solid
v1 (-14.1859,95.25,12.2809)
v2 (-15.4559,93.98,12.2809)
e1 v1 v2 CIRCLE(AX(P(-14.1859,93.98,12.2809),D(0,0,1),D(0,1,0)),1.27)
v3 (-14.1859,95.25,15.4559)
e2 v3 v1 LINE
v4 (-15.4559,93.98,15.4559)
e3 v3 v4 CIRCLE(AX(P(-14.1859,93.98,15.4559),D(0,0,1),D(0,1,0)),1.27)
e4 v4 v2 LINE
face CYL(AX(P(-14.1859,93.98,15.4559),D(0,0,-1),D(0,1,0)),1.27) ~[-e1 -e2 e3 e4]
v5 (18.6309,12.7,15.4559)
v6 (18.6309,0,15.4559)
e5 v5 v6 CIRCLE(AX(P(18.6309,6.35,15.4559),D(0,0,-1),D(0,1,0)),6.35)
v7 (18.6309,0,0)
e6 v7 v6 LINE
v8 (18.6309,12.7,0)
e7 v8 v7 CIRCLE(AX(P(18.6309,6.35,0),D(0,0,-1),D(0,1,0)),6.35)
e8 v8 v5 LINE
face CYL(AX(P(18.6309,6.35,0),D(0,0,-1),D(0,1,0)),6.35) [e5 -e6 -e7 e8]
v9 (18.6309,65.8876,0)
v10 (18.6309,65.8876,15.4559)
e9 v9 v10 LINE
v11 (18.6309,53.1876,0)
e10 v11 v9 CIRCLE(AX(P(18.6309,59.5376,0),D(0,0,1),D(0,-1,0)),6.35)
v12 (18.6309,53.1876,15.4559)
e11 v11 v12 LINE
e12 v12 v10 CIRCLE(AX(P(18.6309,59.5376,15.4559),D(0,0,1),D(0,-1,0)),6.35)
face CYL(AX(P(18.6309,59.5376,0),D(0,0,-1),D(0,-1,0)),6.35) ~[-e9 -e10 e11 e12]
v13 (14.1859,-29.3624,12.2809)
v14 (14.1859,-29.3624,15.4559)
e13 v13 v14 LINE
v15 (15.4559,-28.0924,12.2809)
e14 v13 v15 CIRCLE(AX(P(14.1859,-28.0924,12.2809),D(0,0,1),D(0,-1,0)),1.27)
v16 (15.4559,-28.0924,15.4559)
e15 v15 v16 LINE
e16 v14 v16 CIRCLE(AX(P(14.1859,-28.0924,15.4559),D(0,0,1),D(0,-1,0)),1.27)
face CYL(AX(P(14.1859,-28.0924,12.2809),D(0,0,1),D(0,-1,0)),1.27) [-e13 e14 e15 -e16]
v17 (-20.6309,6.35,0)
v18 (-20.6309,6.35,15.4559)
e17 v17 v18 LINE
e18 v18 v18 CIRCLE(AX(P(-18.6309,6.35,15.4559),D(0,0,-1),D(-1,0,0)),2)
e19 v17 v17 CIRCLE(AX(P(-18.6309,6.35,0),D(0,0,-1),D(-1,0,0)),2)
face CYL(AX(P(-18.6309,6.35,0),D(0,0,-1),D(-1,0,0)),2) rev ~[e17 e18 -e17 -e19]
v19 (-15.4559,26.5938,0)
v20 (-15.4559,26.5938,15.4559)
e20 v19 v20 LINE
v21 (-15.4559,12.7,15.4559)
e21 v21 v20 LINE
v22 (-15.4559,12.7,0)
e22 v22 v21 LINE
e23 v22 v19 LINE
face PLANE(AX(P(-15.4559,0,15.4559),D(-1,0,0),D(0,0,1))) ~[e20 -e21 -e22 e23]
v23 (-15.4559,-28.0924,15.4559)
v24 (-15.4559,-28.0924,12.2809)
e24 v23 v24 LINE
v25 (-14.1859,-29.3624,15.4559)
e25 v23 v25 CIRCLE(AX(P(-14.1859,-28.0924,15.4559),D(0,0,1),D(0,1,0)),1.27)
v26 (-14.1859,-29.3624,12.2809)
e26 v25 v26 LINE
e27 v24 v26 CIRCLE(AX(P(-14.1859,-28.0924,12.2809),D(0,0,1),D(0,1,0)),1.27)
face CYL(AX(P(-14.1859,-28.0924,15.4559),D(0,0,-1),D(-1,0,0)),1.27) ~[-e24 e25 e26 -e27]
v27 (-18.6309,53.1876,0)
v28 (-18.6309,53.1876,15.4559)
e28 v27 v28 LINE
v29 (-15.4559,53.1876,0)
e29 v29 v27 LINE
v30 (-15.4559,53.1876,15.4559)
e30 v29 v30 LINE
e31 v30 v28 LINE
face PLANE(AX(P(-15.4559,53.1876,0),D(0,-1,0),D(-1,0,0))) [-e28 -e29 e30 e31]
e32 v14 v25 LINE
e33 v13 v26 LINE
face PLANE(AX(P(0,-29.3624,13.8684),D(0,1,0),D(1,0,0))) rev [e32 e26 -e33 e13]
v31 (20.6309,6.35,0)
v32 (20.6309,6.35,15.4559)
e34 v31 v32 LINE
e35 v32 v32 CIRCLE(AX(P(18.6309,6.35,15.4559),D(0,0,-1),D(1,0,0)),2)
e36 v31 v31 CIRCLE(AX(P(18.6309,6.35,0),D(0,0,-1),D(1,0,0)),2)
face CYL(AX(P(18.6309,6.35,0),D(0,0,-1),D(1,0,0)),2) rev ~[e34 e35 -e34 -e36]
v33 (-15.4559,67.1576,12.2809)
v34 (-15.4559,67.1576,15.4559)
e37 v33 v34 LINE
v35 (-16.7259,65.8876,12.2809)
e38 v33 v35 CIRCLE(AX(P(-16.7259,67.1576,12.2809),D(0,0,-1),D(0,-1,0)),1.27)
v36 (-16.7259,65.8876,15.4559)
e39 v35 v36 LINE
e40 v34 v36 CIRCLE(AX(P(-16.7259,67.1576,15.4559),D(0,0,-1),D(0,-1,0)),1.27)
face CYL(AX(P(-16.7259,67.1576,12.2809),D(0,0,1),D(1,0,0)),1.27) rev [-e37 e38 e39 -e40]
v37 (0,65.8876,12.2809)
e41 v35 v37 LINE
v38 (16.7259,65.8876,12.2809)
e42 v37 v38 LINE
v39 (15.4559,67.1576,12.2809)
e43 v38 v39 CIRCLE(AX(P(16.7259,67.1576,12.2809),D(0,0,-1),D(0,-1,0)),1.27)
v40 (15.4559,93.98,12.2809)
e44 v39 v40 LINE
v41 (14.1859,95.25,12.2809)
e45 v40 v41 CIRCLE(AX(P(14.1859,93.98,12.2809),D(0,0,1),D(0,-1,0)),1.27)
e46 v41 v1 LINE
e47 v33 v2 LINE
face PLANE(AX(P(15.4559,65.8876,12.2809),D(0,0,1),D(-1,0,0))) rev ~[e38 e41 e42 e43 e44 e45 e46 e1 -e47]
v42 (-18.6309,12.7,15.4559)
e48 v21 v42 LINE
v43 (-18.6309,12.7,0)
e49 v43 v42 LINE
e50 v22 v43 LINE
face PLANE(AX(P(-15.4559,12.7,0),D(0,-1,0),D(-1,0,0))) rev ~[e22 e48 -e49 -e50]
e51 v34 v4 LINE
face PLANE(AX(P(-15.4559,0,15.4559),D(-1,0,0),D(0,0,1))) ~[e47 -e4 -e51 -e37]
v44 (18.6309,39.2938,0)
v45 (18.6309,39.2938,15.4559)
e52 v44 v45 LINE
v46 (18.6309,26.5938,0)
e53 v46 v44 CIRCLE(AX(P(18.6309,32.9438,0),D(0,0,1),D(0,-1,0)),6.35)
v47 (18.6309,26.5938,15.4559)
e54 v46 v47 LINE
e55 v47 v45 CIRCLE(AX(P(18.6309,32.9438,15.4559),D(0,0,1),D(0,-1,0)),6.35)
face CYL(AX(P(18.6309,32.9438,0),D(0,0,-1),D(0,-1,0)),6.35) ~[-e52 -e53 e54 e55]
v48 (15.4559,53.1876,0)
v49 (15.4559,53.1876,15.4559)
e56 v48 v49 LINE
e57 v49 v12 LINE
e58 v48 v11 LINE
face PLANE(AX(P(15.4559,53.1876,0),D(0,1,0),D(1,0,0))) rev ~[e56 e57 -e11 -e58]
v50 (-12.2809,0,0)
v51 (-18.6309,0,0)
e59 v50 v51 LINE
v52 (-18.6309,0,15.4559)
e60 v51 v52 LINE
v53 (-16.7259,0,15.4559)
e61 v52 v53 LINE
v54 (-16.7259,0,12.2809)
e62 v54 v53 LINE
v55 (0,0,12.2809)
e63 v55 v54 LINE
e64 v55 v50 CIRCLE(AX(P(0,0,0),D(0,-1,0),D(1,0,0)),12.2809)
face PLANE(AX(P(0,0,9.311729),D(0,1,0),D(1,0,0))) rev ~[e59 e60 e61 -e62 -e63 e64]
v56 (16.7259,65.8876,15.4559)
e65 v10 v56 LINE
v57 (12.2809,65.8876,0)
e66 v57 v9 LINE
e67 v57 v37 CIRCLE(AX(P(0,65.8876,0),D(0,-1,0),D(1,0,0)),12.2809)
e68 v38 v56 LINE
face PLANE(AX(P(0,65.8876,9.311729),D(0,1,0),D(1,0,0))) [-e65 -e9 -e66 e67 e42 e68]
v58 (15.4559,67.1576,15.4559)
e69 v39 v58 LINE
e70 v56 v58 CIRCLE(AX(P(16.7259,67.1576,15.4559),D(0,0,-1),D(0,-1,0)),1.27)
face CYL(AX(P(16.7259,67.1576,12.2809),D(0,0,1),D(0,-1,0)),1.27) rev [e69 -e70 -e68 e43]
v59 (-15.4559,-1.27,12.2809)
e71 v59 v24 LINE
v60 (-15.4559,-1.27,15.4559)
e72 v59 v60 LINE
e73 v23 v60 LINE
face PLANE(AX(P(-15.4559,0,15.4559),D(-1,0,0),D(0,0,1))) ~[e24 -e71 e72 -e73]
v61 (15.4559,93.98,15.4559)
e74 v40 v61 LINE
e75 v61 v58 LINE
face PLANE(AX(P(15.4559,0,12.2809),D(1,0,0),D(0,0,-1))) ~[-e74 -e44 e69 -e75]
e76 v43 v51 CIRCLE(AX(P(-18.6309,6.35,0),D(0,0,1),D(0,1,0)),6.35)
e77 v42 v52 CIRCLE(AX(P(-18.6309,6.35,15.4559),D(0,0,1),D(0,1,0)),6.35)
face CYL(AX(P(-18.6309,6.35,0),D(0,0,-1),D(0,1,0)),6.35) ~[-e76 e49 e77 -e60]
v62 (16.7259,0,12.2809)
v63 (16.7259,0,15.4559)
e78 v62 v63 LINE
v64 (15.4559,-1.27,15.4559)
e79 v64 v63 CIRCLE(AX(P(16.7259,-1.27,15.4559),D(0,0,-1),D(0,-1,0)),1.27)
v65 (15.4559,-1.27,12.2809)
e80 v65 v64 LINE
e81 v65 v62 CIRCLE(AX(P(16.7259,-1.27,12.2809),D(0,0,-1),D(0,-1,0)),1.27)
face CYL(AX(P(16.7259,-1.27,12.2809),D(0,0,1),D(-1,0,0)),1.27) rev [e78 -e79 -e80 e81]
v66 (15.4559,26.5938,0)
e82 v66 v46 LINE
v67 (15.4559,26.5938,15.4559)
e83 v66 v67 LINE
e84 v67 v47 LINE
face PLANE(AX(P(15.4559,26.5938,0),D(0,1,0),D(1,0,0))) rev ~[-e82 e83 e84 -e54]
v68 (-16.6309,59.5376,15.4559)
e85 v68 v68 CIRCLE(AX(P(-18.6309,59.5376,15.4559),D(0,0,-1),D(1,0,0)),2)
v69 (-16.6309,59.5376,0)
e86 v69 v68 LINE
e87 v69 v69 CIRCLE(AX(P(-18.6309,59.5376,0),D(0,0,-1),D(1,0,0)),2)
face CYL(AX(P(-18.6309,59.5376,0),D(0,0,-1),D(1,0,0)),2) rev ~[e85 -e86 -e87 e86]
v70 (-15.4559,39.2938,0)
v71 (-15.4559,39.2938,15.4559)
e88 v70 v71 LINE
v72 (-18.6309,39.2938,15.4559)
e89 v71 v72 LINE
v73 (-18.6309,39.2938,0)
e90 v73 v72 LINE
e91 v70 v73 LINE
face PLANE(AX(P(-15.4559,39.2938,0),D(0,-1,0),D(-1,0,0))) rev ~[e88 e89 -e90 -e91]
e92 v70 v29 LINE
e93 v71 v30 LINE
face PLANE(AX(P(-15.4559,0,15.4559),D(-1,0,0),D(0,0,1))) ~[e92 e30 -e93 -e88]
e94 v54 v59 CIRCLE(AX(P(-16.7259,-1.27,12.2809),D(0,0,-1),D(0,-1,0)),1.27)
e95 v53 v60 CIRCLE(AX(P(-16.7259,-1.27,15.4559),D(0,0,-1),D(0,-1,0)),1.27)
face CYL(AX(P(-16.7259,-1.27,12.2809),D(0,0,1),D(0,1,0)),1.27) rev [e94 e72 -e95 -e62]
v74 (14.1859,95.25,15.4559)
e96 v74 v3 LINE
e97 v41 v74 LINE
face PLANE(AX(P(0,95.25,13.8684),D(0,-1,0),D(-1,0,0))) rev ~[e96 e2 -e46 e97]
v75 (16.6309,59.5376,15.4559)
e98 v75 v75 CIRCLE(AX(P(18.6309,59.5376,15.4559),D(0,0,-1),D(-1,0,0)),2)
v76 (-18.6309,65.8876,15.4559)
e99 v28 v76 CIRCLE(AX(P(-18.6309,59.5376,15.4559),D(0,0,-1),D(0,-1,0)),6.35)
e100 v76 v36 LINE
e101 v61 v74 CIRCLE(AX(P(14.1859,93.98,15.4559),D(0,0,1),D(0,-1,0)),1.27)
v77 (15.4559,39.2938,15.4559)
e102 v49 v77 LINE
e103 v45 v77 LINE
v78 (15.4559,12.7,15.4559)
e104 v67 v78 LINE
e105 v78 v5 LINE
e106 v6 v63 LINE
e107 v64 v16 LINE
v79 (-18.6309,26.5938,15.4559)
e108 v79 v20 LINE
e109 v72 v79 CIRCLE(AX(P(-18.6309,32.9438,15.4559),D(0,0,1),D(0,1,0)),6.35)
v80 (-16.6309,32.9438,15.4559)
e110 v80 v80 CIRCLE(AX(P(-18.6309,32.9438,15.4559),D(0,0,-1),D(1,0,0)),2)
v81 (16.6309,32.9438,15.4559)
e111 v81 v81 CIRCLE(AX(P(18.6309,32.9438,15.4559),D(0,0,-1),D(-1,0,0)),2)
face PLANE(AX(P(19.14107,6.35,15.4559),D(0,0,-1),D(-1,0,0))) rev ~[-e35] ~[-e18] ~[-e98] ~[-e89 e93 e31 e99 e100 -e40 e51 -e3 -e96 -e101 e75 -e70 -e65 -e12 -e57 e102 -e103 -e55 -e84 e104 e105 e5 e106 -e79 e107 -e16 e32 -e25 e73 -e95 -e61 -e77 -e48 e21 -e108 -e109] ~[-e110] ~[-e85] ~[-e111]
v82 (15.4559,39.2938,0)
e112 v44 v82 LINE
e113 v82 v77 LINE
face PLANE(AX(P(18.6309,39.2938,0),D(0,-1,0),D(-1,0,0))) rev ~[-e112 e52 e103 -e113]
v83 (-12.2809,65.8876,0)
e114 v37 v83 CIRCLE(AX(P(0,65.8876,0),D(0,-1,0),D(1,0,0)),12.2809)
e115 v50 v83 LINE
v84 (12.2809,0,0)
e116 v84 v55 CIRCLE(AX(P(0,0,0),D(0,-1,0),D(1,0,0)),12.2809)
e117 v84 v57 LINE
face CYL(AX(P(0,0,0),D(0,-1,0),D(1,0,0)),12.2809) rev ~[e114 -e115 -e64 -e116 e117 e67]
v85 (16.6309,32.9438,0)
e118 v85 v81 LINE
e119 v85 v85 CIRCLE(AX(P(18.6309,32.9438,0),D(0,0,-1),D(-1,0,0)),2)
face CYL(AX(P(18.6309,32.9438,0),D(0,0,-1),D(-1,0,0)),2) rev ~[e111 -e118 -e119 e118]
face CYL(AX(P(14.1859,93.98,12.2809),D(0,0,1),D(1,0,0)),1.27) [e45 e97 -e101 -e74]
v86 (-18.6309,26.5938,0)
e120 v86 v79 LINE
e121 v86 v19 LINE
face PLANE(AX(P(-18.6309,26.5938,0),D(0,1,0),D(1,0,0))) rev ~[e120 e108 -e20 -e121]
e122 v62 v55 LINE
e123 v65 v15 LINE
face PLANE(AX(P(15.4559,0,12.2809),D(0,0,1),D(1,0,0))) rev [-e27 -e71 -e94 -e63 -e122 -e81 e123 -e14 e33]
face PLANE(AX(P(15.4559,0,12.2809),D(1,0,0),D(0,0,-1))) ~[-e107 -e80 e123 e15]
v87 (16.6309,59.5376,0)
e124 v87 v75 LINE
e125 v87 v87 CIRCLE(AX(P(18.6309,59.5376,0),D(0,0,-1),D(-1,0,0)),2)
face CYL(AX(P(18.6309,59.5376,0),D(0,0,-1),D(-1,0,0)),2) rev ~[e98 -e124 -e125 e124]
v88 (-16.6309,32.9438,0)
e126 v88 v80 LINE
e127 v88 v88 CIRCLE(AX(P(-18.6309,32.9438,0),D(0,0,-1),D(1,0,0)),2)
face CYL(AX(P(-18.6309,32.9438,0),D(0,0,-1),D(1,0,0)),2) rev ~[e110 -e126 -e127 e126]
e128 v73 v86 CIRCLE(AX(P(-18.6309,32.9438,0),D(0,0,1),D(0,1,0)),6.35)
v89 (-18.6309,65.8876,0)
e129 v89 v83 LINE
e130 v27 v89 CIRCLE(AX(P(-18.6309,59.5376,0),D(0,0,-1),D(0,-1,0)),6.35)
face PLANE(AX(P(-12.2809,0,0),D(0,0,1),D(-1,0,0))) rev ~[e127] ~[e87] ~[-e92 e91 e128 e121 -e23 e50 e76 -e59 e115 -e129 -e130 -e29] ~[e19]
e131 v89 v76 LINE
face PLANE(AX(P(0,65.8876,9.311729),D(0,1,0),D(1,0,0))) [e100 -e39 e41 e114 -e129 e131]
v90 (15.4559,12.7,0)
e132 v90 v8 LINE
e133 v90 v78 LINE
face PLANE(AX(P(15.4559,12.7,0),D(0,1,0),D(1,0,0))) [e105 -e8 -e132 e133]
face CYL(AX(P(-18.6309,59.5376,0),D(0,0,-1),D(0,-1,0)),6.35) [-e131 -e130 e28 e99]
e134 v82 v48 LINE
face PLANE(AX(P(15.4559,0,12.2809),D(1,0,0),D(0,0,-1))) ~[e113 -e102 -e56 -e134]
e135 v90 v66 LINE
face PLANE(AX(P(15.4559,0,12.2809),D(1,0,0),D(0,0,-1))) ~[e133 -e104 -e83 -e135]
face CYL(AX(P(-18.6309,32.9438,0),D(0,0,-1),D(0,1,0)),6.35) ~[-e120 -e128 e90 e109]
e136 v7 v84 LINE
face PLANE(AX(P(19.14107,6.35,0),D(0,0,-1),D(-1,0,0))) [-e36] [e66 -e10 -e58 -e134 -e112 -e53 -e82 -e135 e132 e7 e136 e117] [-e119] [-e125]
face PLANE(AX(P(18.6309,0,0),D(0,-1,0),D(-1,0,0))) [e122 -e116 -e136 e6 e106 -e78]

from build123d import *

# Parameters (mm, degrees)
BOSS_EXTRUDE1_DEPTH = 65.8876
BOSS_EXTRUDE2_DEPTH = 29.3624
SKETCH4_R           = 2
BOSS_EXTRUDE3_DEPTH = 15.4559
FILLET1_R           = 1.27


with BuildPart() as part:
    # Sketch1 → Boss-Extrude1 (new body)
    with BuildSketch(Plane(origin=(0, 0, 0), x_dir=(1, 0, 0), z_dir=(0, 1, 0))):
        with BuildLine():
            Line((-12.2809, 0), (-15.4559, 0))
            Line((-15.4559, 0), (-15.4559, -15.4559))
            Line((-15.4559, -15.4559), (0, -15.4559))
            Line((0, -15.4559), (15.4559, -15.4559))
            Line((15.4559, -15.4559), (15.4559, 0))
            Line((15.4559, 0), (12.2809, 0))
            ThreePointArc((12.2809, 0), (0, -12.2809), (-12.2809, 0))
        make_face()
    extrude(amount=BOSS_EXTRUDE1_DEPTH)

    # Sketch2 → Boss-Extrude2 (add)
    with BuildSketch(Plane(origin=(0, 65.8876, 0), x_dir=(1, 0, 0), z_dir=(0, 1, 0))):
        Polygon((-12.2809, -12.2809), (0, -12.2809), (12.2809, -12.2809), (15.4559, -12.2809), (15.4559, -15.4559), (-15.4559, -15.4559), (-15.4559, -12.2809), align=None)
    boss_extrude2 = extrude(amount=BOSS_EXTRUDE2_DEPTH)

    # Mirror1: Boss-Extrude2 across plane
    add(boss_extrude2.mirror(Plane.ZX.offset(32.9438)))

    # Sketch4 → Boss-Extrude3 (add, through all)
    # profile 1 of 6: a face of its own
    with BuildSketch(Plane(origin=(0, 0, 0), x_dir=(-1, 0, 0), z_dir=(0, 0, -1))):
        with BuildLine():
            Line((-15.4559, 39.2938), (-15.4559, 26.5938))
            Line((-15.4559, 26.5938), (-18.6309, 26.5938))
            ThreePointArc((-18.6309, 26.5938), (-24.9809, 32.9438), (-18.6309, 39.2938))
            Line((-18.6309, 39.2938), (-15.4559, 39.2938))
        make_face()
        with Locations((-18.6309, 32.9438)):
            Circle(SKETCH4_R, mode=Mode.SUBTRACT)
    # profile 2 of 6: a face of its own
    with BuildSketch(Plane(origin=(0, 0, 0), x_dir=(-1, 0, 0), z_dir=(0, 0, -1))):
        with BuildLine():
            Line((-15.4559, 12.7), (-18.6309, 12.7))
            ThreePointArc((-18.6309, 12.7), (-24.9809, 6.35), (-18.6309, 0))
            Line((-18.6309, 0), (-15.4559, 0))
            Line((-15.4559, 0), (-15.4559, 12.7))
        make_face()
        with Locations(Location((-18.6309, 6.35, 0), (0, 0, 180))):
            Circle(SKETCH4_R, mode=Mode.SUBTRACT)
    # profile 3 of 6: a face of its own
    with BuildSketch(Plane(origin=(0, 0, 0), x_dir=(-1, 0, 0), z_dir=(0, 0, -1))):
        with BuildLine():
            Line((-18.6309, 65.8876), (-15.4559, 65.8876))
            Line((-15.4559, 65.8876), (-15.4559, 53.1876))
            Line((-15.4559, 53.1876), (-18.6309, 53.1876))
            ThreePointArc((-18.6309, 53.1876), (-24.9809, 59.5376), (-18.6309, 65.8876))
        make_face()
        with Locations((-18.6309, 59.5376)):
            Circle(SKETCH4_R, mode=Mode.SUBTRACT)
    # profile 4 of 6: a face of its own
    with BuildSketch(Plane(origin=(0, 0, 0), x_dir=(-1, 0, 0), z_dir=(0, 0, -1))):
        with BuildLine():
            Line((18.6309, 0), (15.4559, 0))
            Line((15.4559, 0), (15.4559, 12.7))
            Line((15.4559, 12.7), (18.6309, 12.7))
            ThreePointArc((18.6309, 12.7), (24.9809, 6.35), (18.6309, 0))
        make_face()
        with Locations((18.6309, 6.35)):
            Circle(SKETCH4_R, mode=Mode.SUBTRACT)
    # profile 5 of 6: a face of its own
    with BuildSketch(Plane(origin=(0, 0, 0), x_dir=(-1, 0, 0), z_dir=(0, 0, -1))):
        with BuildLine():
            Line((15.4559, 53.1876), (18.6309, 53.1876))
            ThreePointArc((18.6309, 53.1876), (24.9809, 59.5376), (18.6309, 65.8876))
            Line((18.6309, 65.8876), (15.4559, 65.8876))
            Line((15.4559, 65.8876), (15.4559, 53.1876))
        make_face()
        with Locations(Location((18.6309, 59.5376, 0), (0, 0, 180))):
            Circle(SKETCH4_R, mode=Mode.SUBTRACT)
    # profile 6 of 6: a face of its own
    with BuildSketch(Plane(origin=(0, 0, 0), x_dir=(-1, 0, 0), z_dir=(0, 0, -1))):
        with BuildLine():
            Line((18.6309, 26.5938), (15.4559, 26.5938))
            Line((15.4559, 26.5938), (15.4559, 39.2938))
            Line((15.4559, 39.2938), (18.6309, 39.2938))
            ThreePointArc((18.6309, 39.2938), (24.9809, 32.9438), (18.6309, 26.5938))
        make_face()
        with Locations(Location((18.6309, 32.9438, 0), (0, 0, 180))):
            Circle(SKETCH4_R, mode=Mode.SUBTRACT)
    extrude(amount=-BOSS_EXTRUDE3_DEPTH)

    # Fillet1
    fillet1_edges = [part.edges().sort_by_distance(p)[0] for p in [
        (-15.4559, 0, 13.8684),
        (-15.4559, 95.25, 13.8684),
        (15.4559, 95.25, 13.8684),
        (15.4559, -29.3624, 13.8684),
        (-15.4559, -29.3624, 13.8684),
        (15.4559, 65.8876, 13.8684),
        (15.4559, 0, 13.8684),
        (-15.4559, 65.8876, 13.8684),
    ]]
    fillet(fillet1_edges, radius=FILLET1_R)


solid = part.part
